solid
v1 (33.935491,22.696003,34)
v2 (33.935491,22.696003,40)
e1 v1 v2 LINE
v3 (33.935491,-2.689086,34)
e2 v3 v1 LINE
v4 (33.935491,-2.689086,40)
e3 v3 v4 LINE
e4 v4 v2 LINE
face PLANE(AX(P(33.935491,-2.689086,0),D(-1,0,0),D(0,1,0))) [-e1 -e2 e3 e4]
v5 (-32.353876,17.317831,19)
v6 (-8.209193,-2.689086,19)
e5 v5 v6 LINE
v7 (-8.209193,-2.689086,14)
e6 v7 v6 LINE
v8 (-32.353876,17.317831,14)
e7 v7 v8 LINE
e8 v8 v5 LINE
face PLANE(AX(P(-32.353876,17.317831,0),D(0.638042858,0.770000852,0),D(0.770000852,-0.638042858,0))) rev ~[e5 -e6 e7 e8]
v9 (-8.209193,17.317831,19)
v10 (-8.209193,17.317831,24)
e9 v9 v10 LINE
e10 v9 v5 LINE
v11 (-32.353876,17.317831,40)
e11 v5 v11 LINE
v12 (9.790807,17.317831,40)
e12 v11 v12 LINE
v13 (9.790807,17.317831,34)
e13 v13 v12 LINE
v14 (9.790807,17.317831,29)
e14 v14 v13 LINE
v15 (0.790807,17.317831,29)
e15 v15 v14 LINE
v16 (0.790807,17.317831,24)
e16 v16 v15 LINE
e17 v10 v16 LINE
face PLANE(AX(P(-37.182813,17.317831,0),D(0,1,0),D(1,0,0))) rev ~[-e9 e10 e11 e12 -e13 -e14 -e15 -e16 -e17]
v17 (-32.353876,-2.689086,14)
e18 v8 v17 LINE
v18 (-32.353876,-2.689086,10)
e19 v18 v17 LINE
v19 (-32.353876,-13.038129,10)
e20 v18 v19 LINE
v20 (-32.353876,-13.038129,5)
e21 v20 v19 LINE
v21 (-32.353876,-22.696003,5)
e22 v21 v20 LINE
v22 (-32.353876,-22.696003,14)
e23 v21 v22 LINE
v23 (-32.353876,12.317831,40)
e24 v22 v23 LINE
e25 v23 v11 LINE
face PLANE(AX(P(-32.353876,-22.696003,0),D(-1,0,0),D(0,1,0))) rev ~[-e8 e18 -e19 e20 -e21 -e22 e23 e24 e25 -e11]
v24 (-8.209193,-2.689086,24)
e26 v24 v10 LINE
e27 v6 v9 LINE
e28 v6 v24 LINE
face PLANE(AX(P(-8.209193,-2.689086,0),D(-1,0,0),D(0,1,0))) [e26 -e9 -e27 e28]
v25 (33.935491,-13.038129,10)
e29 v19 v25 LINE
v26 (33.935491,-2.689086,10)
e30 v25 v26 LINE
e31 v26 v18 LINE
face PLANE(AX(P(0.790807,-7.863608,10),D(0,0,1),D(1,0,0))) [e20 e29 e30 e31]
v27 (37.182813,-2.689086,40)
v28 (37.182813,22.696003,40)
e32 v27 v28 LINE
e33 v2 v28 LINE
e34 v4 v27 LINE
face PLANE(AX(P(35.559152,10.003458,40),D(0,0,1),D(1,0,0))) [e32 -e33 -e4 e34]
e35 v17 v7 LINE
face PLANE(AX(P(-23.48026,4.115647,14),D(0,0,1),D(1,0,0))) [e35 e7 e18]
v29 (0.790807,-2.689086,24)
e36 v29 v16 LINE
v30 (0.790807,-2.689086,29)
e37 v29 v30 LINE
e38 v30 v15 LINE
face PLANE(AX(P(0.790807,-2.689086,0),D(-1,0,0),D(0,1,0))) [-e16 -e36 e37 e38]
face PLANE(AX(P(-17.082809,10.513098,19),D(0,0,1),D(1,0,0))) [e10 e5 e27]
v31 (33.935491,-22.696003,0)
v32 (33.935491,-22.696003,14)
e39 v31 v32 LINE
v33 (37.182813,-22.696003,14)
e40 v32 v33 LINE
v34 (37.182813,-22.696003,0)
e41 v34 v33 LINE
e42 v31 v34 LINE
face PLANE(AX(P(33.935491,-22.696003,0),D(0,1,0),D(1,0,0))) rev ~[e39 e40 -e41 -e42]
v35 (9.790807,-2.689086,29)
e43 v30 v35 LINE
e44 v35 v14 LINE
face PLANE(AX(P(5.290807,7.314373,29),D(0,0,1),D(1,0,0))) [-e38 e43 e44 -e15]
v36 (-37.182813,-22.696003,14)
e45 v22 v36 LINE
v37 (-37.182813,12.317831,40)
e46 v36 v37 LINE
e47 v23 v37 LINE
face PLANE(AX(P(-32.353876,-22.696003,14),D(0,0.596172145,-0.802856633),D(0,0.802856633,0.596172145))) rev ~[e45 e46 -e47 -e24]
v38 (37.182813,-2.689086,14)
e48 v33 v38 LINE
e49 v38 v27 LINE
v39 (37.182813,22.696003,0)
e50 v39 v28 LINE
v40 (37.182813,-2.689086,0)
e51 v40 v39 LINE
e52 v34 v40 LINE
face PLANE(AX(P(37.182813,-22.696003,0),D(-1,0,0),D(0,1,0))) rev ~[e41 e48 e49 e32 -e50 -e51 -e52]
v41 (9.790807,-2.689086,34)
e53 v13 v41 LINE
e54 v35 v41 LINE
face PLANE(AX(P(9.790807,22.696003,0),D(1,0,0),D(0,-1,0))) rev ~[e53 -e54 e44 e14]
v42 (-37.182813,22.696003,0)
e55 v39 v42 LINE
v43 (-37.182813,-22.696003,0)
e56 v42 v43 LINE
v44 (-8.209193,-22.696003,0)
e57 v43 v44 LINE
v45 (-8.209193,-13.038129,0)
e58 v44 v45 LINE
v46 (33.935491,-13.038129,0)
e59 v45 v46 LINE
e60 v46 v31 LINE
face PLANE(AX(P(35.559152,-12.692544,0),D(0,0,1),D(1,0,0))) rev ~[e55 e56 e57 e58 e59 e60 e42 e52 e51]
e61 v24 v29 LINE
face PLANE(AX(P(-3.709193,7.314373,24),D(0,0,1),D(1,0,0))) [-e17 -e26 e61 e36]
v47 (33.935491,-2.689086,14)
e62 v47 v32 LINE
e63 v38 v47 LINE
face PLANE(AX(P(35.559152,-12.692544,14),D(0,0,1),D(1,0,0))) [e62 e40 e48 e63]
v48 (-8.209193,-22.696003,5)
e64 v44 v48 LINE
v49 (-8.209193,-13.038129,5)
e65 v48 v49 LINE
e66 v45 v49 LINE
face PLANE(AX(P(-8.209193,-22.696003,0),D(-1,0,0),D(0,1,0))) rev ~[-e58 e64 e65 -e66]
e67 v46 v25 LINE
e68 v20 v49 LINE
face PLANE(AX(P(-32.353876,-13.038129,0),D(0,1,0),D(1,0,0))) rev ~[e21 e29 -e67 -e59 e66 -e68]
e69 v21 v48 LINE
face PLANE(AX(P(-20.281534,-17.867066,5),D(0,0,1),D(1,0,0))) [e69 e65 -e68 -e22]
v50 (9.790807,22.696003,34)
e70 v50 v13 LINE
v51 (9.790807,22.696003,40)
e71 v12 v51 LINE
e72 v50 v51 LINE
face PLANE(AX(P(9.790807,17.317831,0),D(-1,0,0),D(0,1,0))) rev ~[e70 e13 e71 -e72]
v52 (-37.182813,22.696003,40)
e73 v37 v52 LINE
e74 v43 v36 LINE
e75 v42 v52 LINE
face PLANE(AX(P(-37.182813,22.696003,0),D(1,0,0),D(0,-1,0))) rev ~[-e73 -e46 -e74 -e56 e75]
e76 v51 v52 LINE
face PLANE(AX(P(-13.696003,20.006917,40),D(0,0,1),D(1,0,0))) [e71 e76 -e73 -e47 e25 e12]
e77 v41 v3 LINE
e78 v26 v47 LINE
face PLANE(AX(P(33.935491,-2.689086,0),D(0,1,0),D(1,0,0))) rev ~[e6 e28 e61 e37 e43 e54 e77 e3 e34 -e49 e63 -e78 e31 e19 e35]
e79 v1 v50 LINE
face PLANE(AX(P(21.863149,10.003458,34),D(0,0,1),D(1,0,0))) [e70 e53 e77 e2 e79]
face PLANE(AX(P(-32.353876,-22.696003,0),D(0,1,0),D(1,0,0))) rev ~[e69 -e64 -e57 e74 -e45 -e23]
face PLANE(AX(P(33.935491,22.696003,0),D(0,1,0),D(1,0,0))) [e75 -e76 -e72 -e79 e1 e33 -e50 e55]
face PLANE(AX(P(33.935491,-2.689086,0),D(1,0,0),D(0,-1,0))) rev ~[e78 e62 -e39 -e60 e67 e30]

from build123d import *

# Parameters (mm, degrees)
F1_DEPTH  = 40
F3_DEPTH  = 25
F4_DEPTH  = 40
F5_DEPTH  = 14
F6_DEPTH  = 19
F0_W      = 9
F0_H      = 20.0069169636
F7_DEPTH  = 24
F8_DEPTH  = 29
F9_DEPTH  = 34
F10_DEPTH = 10
F0_W_2    = 24.1446838646
F0_H_2    = 9.6578735458
F11_DEPTH = 5
F0_W_3    = 3.2473218008
F0_H_3    = 25.3850887019
F12_DEPTH = 40
F13_DEPTH = 14


with BuildPart() as f1:
    # F0 (on Top) → F1 (new body)
    with BuildSketch(Plane.XY):
        Polygon((-37.1828131515, 17.3178310944), (-37.1828131515, -22.6960028327), (-32.3538763785, -22.6960028327), (-32.3538763785, -13.0381292869), (-32.3538763785, -2.6890858691), (-32.3538763785, 17.3178310944), align=None)
    extrude(amount=F1_DEPTH)

    # F2 (on face) → F3 (cut)
    with BuildSketch(Plane.YZ.offset(-32.3538763785)):
        Polygon((-22.6960028327, 40), (-22.6960028327, 14), (12.3178310944, 40), align=None)
    extrude(amount=-F3_DEPTH, mode=Mode.SUBTRACT)

    # F0 (on Top) → F4 (join)
    with BuildSketch(Plane.XY):
        Polygon((-37.1828131515, 22.6960028327), (-37.1828131515, 17.3178310944), (-32.3538763785, 17.3178310944), (-8.209192514, 17.3178310944), (0.790807486, 17.3178310944), (9.790807486, 17.3178310944), (9.790807486, 22.6960028327), align=None)
    extrude(amount=F4_DEPTH)

    # F0 (on Top) → F5 (join)
    with BuildSketch(Plane.XY):
        Polygon((-8.209192514, -2.6890858691), (-32.3538763785, 17.3178310944), (-32.3538763785, -2.6890858691), align=None)
    extrude(amount=F5_DEPTH)

    # F0 (on Top) → F6 (join)
    with BuildSketch(Plane.XY):
        Polygon((-8.209192514, 17.3178310944), (-32.3538763785, 17.3178310944), (-8.209192514, -2.6890858691), align=None)
    extrude(amount=F6_DEPTH)

    # F0 (on Top) → F7 (join)
    with BuildSketch(Plane.XY):
        with Locations((-3.709192514, 7.3143726126)):
            Rectangle(F0_W, F0_H)
    extrude(amount=F7_DEPTH)

    # F0 (on Top) → F8 (join)
    with BuildSketch(Plane.XY):
        with Locations((5.290807486, 7.3143726126)):
            Rectangle(F0_W, F0_H)
    extrude(amount=F8_DEPTH)

    # F0 (on Top) → F9 (join)
    with BuildSketch(Plane.XY):
        Polygon((33.9354913506, 22.6960028327), (9.790807486, 22.6960028327), (9.790807486, 17.3178310944), (9.790807486, -2.6890858691), (33.9354913506, -2.6890858691), align=None)
    extrude(amount=F9_DEPTH)

    # F0 (on Top) → F10 (join)
    with BuildSketch(Plane.XY):
        Polygon((-32.3538763785, -2.6890858691), (-32.3538763785, -13.0381292869), (-8.209192514, -13.0381292869), (33.9354913506, -13.0381292869), (33.9354913506, -2.6890858691), (9.790807486, -2.6890858691), (0.790807486, -2.6890858691), (-8.209192514, -2.6890858691), align=None)
    extrude(amount=F10_DEPTH)

    # F0 (on Top) → F11 (join)
    with BuildSketch(Plane.XY):
        with Locations((-20.2815344463, -17.8670660598)):
            Rectangle(F0_W_2, F0_H_2)
    extrude(amount=F11_DEPTH)

    # F0 (on Top) → F12 (join)
    with BuildSketch(Plane.XY):
        with Locations((35.559152251, 10.0034584818)):
            Rectangle(F0_W_3, F0_H_3)
    extrude(amount=F12_DEPTH)

    # F0 (on Top) → F13 (join)
    with BuildSketch(Plane.XY):
        Polygon((33.9354913506, -2.6890858691), (33.9354913506, -13.0381292869), (33.9354913506, -22.6960028327), (37.1828131515, -22.6960028327), (37.1828131515, -2.6890858691), align=None)
    extrude(amount=F13_DEPTH)


solid = f1.part
